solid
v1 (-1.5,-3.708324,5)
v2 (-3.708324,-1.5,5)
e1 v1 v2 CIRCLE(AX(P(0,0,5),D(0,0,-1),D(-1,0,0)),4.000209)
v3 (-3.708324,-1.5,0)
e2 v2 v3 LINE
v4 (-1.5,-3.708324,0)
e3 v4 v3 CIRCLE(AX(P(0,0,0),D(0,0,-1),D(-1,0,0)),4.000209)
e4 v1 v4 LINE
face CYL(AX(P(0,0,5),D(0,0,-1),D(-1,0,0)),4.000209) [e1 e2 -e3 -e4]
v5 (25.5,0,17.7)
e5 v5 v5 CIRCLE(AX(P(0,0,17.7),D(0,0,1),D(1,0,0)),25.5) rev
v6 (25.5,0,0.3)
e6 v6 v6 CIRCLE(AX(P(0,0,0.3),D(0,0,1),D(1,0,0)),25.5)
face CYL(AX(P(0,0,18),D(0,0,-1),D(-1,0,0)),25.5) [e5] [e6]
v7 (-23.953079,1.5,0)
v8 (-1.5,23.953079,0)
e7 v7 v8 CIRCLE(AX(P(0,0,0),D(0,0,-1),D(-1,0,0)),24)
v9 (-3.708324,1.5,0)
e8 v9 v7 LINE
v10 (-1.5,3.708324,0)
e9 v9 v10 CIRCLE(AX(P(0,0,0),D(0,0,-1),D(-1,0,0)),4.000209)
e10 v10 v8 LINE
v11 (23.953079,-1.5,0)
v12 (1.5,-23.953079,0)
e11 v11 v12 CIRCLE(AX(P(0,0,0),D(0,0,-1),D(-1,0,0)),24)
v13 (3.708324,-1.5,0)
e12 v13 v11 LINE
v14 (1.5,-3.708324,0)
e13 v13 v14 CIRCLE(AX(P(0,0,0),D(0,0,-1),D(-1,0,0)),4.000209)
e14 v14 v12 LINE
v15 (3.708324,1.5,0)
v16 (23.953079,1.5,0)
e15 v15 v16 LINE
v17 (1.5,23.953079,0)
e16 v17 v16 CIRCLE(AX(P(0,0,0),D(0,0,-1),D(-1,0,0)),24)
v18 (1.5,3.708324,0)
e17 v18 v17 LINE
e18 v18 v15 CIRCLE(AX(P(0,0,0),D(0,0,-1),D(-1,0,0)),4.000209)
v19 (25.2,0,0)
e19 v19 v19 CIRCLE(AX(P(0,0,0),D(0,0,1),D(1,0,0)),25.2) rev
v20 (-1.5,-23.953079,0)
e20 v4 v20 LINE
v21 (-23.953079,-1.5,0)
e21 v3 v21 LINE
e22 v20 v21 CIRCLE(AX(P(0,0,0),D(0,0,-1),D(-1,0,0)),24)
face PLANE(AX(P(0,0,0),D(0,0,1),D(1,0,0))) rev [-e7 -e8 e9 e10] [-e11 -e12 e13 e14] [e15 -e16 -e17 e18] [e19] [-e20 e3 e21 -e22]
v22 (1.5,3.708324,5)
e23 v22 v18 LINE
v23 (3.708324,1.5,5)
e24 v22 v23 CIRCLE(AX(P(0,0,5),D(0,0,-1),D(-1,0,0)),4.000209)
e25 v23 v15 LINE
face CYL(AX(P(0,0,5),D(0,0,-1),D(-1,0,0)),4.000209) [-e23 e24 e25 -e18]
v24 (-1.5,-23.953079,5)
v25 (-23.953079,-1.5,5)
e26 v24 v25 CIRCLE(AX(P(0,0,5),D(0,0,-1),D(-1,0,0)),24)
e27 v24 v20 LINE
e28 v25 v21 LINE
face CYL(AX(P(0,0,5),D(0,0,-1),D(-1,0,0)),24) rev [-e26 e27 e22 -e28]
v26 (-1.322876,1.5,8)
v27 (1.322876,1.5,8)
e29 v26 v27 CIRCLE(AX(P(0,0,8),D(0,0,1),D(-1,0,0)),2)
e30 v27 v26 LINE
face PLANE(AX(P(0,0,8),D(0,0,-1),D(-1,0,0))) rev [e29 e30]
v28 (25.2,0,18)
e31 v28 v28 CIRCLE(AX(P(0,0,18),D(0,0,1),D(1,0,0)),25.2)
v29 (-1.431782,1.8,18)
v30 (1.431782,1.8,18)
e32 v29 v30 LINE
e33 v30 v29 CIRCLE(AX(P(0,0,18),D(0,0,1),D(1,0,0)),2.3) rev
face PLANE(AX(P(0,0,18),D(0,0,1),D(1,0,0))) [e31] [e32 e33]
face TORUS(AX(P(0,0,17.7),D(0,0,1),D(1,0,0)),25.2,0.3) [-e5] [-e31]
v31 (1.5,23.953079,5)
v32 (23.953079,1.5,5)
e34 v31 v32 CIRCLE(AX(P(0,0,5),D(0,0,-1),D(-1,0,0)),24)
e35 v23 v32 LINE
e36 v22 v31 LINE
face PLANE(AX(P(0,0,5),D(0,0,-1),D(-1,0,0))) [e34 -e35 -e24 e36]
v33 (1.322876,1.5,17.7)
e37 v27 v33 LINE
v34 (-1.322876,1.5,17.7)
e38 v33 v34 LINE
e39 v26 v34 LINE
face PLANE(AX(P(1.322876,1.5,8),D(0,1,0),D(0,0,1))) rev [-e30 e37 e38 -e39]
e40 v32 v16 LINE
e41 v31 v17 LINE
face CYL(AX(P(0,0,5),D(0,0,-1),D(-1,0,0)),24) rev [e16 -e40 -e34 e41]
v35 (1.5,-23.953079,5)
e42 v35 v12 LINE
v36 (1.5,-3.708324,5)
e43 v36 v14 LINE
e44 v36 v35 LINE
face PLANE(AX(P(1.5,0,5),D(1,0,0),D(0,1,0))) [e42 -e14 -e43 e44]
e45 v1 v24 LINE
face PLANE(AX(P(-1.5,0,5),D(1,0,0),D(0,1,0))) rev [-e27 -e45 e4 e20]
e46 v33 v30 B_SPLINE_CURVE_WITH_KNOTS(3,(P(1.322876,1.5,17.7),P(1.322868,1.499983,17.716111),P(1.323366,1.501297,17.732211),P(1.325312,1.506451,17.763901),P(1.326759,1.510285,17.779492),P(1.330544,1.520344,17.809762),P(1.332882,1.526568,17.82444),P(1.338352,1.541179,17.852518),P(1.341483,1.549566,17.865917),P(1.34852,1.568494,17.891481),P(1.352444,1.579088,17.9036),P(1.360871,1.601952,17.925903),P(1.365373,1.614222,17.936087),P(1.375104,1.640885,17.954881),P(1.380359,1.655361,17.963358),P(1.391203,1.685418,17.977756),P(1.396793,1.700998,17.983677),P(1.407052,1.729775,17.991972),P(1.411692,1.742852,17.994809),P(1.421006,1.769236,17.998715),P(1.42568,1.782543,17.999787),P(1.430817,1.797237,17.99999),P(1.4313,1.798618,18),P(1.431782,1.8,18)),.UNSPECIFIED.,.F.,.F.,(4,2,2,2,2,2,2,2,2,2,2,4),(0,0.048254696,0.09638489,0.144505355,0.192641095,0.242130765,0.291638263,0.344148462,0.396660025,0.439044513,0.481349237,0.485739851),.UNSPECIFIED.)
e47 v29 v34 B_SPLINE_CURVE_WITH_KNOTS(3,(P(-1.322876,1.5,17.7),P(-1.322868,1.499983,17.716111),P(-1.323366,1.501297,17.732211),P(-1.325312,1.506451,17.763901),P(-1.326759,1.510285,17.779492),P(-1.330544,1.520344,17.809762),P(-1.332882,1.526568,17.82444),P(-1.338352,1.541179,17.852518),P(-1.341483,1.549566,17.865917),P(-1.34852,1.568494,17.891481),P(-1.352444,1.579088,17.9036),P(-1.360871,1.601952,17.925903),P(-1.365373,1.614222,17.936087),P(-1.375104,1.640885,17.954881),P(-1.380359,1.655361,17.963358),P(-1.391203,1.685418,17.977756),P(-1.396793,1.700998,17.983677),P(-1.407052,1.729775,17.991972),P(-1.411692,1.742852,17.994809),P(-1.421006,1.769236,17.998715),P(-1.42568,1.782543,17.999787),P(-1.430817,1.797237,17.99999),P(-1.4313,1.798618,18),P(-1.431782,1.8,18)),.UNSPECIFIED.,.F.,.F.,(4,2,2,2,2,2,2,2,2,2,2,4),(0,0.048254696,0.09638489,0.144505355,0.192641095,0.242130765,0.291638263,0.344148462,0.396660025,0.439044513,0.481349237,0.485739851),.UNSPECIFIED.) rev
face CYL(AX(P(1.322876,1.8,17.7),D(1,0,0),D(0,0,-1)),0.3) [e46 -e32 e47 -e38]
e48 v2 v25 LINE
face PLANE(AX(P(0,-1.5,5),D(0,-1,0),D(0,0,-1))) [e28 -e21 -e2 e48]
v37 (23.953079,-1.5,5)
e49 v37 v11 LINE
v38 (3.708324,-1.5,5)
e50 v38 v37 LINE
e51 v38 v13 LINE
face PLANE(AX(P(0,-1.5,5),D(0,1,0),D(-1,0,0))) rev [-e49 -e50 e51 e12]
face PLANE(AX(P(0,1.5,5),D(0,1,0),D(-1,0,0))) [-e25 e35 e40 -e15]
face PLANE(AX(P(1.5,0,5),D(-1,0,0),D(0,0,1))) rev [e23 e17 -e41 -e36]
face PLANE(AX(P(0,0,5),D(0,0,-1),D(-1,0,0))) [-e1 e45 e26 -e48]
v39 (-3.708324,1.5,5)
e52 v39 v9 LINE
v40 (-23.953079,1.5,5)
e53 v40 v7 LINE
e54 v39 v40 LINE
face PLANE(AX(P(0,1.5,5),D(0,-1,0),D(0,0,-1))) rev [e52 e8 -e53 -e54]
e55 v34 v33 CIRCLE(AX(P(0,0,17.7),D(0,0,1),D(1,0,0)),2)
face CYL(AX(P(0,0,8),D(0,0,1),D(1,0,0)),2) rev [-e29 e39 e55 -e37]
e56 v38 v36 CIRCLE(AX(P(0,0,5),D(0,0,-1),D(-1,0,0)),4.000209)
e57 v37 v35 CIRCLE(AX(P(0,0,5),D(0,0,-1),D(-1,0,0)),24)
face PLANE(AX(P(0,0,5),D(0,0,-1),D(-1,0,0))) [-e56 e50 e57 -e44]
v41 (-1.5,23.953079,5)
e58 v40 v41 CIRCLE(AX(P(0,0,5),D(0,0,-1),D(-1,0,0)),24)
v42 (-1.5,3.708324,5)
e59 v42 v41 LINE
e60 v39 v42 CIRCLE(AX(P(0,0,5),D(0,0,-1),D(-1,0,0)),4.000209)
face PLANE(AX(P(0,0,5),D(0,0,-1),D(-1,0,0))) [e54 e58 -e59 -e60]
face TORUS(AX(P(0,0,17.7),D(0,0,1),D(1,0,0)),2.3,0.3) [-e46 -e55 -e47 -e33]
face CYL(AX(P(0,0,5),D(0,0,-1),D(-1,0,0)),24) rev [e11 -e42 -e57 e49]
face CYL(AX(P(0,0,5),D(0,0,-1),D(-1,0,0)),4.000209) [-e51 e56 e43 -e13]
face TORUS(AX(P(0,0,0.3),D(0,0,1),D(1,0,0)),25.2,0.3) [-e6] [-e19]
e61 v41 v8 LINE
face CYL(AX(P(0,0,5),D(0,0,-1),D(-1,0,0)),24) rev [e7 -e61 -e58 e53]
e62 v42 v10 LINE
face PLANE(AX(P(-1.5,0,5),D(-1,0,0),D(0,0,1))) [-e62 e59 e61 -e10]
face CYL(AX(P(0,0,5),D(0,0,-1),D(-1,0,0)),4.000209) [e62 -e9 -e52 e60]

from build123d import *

# Parameters (mm, degrees)
ESQUISSE1_R             = 25.5
BOSS_EXTRU_1_DEPTH      = 18
ENL_V_MAT_EXTRU_2_DEPTH = 10
ENL_V_MAT_EXTRU_4_DEPTH = 5
CONG_1_R                = 0.3


with BuildPart() as part:
    # Esquisse1 → Boss.-Extru.1 (new body)
    with BuildSketch(Plane.XY):
        Circle(ESQUISSE1_R)
    extrude(amount=BOSS_EXTRU_1_DEPTH)

    # Esquisse2 → Enlèv. mat.-Extru.2 (cut)
    with BuildSketch(Plane.XY.offset(18)):
        with BuildLine():
            Line((1.322875656, 1.5), (-1.322875656, 1.5))
            ThreePointArc((-1.322875656, 1.5), (0, -2), (1.322875656, 1.5))
        make_face()
    extrude(amount=-ENL_V_MAT_EXTRU_2_DEPTH, mode=Mode.SUBTRACT)

    # Esquisse3 → Enlèv. mat.-Extru.4 (cut)
    with BuildSketch(Plane(origin=(0, 0, 0), x_dir=(-1, 0, 0), z_dir=(0, 0, -1))):
        with BuildLine():
            ThreePointArc((1.5, 3.708324452), (2.828574751, 2.828574751), (3.708324452, 1.5))
            Line((3.708324452, 1.5), (23.953079134, 1.5))
            ThreePointArc((23.953079134, 1.5), (16.970562748, 16.970562748), (1.5, 23.953079134))
            Line((1.5, 23.953079134), (1.5, 3.708324452))
        make_face()
        with BuildLine():
            Line((-23.953079134, 1.5), (-3.708324452, 1.5))
            ThreePointArc((-3.708324452, 1.5), (-2.828574751, 2.828574751), (-1.5, 3.708324452))
            Line((-1.5, 3.708324452), (-1.5, 23.953079134))
            ThreePointArc((-1.5, 23.953079134), (-16.970562748, 16.970562748), (-23.953079134, 1.5))
        make_face()
        with BuildLine():
            Line((-1.5, -23.953079134), (-1.5, -3.708324452))
            ThreePointArc((-1.5, -3.708324452), (-2.828574751, -2.828574751), (-3.708324452, -1.5))
            Line((-3.708324452, -1.5), (-23.953079134, -1.5))
            ThreePointArc((-23.953079134, -1.5), (-16.970562748, -16.970562748), (-1.5, -23.953079134))
        make_face()
        with BuildLine():
            ThreePointArc((3.708324452, -1.5), (2.828574751, -2.828574751), (1.5, -3.708324452))
            Line((1.5, -3.708324452), (1.5, -23.953079134))
            ThreePointArc((1.5, -23.953079134), (16.970562748, -16.970562748), (23.953079134, -1.5))
            Line((23.953079134, -1.5), (3.708324452, -1.5))
        make_face()
    extrude(amount=-ENL_V_MAT_EXTRU_4_DEPTH, mode=Mode.SUBTRACT)

    # Congé1
    cong_1_edges = [part.edges().sort_by_distance(p)[0] for p in [
        (-25.5, 0, 0),
        (-25.5, 0, 18),
        (0, -2, 18),
        (0, 1.5, 18),
    ]]
    fillet(cong_1_edges, radius=CONG_1_R)


solid = part.part
